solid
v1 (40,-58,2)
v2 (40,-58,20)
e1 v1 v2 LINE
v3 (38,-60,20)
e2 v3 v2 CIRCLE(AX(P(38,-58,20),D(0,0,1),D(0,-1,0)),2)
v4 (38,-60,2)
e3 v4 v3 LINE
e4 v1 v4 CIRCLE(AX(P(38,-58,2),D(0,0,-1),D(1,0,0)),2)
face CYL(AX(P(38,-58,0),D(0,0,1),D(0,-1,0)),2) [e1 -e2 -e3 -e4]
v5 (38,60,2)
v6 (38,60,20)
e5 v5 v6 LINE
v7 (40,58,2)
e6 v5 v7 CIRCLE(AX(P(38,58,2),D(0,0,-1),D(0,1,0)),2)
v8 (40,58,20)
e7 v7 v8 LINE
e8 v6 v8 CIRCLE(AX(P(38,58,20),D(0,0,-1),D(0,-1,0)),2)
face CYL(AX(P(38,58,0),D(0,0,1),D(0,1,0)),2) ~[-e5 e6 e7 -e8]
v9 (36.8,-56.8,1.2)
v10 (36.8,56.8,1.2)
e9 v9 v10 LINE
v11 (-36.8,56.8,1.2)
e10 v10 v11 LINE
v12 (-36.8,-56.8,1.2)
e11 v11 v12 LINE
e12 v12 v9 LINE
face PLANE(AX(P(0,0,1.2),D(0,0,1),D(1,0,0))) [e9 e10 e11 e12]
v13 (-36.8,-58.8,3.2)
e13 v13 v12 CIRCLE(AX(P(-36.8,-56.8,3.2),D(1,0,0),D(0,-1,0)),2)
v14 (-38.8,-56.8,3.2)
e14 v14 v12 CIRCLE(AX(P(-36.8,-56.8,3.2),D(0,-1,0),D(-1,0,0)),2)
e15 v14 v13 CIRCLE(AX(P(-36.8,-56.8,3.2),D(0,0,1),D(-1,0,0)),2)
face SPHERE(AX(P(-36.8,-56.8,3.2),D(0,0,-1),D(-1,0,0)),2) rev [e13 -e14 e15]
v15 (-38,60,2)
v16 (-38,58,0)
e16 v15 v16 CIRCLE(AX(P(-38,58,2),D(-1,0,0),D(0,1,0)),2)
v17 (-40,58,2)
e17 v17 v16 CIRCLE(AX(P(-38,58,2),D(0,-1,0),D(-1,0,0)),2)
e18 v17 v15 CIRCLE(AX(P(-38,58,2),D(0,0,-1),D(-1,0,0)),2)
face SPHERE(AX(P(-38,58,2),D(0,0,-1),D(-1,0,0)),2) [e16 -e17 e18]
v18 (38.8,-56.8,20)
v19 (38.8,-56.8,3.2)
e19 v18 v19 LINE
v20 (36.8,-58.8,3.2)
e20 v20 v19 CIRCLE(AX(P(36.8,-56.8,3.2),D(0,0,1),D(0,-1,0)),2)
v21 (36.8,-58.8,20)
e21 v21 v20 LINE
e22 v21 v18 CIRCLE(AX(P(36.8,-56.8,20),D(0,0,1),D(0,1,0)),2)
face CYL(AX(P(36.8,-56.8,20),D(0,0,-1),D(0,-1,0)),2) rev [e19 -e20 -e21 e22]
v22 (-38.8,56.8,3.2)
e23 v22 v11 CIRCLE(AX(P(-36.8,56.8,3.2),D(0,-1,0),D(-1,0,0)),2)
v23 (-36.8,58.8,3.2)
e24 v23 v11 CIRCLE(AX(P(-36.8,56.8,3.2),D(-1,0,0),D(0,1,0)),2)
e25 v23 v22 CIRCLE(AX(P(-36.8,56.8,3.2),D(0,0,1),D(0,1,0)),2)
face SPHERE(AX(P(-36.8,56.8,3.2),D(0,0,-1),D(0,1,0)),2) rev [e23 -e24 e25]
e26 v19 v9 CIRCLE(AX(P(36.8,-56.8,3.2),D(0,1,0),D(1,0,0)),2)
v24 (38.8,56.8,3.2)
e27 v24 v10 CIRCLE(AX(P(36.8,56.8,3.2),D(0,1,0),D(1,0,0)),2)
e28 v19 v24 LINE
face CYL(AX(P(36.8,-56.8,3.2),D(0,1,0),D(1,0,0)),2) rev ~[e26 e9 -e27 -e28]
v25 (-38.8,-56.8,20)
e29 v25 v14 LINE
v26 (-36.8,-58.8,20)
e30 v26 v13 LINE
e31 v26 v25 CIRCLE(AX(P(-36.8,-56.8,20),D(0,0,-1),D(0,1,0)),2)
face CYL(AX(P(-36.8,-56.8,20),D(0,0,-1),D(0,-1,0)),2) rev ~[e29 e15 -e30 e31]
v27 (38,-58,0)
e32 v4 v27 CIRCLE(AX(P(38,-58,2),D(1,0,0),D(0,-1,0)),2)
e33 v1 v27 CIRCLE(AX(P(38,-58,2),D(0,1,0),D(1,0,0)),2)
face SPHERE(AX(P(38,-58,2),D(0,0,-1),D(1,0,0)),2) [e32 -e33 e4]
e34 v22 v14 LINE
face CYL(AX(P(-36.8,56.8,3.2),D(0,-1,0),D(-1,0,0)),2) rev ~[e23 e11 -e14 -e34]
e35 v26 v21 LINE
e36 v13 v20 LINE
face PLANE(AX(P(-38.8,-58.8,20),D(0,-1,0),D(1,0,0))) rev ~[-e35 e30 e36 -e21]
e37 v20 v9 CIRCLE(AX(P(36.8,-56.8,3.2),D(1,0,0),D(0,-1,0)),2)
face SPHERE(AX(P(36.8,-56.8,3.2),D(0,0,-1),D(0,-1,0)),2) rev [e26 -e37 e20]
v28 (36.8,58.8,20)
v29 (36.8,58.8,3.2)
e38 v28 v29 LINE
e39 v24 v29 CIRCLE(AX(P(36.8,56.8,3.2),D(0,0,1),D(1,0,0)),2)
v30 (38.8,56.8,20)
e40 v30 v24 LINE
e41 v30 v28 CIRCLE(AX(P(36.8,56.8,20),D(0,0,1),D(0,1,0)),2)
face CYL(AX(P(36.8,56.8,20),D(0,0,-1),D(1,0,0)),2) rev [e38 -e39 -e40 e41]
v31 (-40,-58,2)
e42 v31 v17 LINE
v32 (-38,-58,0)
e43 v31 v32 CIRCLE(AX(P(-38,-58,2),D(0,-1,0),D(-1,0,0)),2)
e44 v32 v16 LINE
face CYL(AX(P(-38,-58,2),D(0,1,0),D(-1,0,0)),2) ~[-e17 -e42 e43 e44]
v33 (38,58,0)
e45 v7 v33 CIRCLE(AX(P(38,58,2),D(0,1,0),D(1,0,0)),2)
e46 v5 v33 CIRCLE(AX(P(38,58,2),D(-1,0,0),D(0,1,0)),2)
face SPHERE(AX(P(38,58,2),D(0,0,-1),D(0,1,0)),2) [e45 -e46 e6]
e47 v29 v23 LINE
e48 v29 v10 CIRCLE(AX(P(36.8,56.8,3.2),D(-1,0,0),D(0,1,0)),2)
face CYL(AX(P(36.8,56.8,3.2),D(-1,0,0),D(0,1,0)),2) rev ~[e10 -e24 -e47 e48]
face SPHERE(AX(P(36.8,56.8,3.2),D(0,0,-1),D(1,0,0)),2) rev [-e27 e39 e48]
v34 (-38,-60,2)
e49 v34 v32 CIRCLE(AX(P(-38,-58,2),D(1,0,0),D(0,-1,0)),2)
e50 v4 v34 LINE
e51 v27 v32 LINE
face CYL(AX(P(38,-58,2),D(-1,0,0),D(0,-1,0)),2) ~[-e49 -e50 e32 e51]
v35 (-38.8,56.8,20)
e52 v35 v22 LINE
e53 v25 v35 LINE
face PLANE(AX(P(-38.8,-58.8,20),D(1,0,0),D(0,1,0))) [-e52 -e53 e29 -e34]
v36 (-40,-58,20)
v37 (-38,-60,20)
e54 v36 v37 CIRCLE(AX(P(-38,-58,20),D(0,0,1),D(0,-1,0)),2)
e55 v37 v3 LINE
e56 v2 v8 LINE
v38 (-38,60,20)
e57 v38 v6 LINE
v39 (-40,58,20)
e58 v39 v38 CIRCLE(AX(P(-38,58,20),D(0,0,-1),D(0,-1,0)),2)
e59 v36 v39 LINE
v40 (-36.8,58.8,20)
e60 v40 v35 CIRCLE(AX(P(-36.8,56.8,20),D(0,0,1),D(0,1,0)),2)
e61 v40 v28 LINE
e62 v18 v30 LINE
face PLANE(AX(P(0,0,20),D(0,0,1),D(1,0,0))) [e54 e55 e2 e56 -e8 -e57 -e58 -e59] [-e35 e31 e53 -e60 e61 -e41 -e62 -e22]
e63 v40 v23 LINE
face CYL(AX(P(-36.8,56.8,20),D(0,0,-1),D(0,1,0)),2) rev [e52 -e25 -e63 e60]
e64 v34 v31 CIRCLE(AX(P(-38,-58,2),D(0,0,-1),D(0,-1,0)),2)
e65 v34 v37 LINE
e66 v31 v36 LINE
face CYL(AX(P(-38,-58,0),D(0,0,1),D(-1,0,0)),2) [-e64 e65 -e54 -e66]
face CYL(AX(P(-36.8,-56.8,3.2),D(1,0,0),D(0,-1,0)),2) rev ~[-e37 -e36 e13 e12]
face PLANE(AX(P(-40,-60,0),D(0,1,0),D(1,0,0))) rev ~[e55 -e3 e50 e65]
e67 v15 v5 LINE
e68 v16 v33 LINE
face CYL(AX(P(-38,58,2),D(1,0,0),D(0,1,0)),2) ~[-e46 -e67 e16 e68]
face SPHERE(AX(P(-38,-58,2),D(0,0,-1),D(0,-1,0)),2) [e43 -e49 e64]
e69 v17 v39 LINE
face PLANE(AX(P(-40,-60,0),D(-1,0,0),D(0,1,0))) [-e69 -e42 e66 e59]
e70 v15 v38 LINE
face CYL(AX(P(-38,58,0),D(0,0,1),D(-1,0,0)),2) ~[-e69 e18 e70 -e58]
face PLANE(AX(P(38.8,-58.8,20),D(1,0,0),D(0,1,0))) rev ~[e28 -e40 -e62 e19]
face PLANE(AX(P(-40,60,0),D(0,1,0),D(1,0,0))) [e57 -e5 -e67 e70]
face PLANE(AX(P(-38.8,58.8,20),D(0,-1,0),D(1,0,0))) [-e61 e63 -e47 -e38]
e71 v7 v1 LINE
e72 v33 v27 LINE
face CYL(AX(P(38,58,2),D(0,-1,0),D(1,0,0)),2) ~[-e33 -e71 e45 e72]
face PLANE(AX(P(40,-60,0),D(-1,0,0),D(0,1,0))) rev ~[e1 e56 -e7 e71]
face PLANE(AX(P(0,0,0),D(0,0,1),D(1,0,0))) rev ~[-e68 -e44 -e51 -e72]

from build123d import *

# Parameters (mm, degrees)
F0_W     = 80
F0_H     = 120
F1_DEPTH = 20
F2_W     = 77.6
F2_H     = 117.6
F3_DEPTH = 18.8
F4_R     = 2
F5_R     = 2
F6_R     = 2
F7_R     = 2


with BuildPart() as f1:
    # F0 (on Top) → F1 (new body)
    with BuildSketch(Plane.XY):
        Rectangle(F0_W, F0_H)
    extrude(amount=F1_DEPTH)

    # F2 (on face) → F3 (cut)
    with BuildSketch(Plane.XY.offset(20)):
        Rectangle(F2_W, F2_H)
    extrude(amount=-F3_DEPTH, mode=Mode.SUBTRACT)

    # F4
    f4_edges = [f1.edges().sort_by_distance(p)[0] for p in [
        (40, -60, 10),
        (40, 60, 10),
        (-40, -60, 10),
        (-40, 60, 10),
    ]]
    fillet(f4_edges, radius=F4_R)

    # F5
    f5_edges = [f1.edges().sort_by_distance(p)[0] for p in [
        (-38.8, 58.8, 10.6),
        (-38.8, -58.8, 10.6),
        (38.8, -58.8, 10.6),
        (38.8, 58.8, 10.6),
    ]]
    fillet(f5_edges, radius=F5_R)

    # F6
    f6_edges = [f1.edges().sort_by_distance(p)[0] for p in [
        (0, -58.8, 1.2),
        (-38.214214, -58.214214, 1.2),
        (38.214214, -58.214214, 1.2),
        (-38.8, 0, 1.2),
        (38.8, 0, 1.2),
        (-38.214214, 58.214214, 1.2),
        (38.214214, 58.214214, 1.2),
        (0, 58.8, 1.2),
    ]]
    fillet(f6_edges, radius=F6_R)

    # F7
    f7_edges = [f1.edges().sort_by_distance(p)[0] for p in [
        (-40, 0, 0),
        (-39.414214, 59.414214, 0),
        (-39.414214, -59.414214, 0),
        (0, 60, 0),
        (0, -60, 0),
        (39.414214, 59.414214, 0),
        (39.414214, -59.414214, 0),
        (40, 0, 0),
    ]]
    fillet(f7_edges, radius=F7_R)


solid = f1.part
